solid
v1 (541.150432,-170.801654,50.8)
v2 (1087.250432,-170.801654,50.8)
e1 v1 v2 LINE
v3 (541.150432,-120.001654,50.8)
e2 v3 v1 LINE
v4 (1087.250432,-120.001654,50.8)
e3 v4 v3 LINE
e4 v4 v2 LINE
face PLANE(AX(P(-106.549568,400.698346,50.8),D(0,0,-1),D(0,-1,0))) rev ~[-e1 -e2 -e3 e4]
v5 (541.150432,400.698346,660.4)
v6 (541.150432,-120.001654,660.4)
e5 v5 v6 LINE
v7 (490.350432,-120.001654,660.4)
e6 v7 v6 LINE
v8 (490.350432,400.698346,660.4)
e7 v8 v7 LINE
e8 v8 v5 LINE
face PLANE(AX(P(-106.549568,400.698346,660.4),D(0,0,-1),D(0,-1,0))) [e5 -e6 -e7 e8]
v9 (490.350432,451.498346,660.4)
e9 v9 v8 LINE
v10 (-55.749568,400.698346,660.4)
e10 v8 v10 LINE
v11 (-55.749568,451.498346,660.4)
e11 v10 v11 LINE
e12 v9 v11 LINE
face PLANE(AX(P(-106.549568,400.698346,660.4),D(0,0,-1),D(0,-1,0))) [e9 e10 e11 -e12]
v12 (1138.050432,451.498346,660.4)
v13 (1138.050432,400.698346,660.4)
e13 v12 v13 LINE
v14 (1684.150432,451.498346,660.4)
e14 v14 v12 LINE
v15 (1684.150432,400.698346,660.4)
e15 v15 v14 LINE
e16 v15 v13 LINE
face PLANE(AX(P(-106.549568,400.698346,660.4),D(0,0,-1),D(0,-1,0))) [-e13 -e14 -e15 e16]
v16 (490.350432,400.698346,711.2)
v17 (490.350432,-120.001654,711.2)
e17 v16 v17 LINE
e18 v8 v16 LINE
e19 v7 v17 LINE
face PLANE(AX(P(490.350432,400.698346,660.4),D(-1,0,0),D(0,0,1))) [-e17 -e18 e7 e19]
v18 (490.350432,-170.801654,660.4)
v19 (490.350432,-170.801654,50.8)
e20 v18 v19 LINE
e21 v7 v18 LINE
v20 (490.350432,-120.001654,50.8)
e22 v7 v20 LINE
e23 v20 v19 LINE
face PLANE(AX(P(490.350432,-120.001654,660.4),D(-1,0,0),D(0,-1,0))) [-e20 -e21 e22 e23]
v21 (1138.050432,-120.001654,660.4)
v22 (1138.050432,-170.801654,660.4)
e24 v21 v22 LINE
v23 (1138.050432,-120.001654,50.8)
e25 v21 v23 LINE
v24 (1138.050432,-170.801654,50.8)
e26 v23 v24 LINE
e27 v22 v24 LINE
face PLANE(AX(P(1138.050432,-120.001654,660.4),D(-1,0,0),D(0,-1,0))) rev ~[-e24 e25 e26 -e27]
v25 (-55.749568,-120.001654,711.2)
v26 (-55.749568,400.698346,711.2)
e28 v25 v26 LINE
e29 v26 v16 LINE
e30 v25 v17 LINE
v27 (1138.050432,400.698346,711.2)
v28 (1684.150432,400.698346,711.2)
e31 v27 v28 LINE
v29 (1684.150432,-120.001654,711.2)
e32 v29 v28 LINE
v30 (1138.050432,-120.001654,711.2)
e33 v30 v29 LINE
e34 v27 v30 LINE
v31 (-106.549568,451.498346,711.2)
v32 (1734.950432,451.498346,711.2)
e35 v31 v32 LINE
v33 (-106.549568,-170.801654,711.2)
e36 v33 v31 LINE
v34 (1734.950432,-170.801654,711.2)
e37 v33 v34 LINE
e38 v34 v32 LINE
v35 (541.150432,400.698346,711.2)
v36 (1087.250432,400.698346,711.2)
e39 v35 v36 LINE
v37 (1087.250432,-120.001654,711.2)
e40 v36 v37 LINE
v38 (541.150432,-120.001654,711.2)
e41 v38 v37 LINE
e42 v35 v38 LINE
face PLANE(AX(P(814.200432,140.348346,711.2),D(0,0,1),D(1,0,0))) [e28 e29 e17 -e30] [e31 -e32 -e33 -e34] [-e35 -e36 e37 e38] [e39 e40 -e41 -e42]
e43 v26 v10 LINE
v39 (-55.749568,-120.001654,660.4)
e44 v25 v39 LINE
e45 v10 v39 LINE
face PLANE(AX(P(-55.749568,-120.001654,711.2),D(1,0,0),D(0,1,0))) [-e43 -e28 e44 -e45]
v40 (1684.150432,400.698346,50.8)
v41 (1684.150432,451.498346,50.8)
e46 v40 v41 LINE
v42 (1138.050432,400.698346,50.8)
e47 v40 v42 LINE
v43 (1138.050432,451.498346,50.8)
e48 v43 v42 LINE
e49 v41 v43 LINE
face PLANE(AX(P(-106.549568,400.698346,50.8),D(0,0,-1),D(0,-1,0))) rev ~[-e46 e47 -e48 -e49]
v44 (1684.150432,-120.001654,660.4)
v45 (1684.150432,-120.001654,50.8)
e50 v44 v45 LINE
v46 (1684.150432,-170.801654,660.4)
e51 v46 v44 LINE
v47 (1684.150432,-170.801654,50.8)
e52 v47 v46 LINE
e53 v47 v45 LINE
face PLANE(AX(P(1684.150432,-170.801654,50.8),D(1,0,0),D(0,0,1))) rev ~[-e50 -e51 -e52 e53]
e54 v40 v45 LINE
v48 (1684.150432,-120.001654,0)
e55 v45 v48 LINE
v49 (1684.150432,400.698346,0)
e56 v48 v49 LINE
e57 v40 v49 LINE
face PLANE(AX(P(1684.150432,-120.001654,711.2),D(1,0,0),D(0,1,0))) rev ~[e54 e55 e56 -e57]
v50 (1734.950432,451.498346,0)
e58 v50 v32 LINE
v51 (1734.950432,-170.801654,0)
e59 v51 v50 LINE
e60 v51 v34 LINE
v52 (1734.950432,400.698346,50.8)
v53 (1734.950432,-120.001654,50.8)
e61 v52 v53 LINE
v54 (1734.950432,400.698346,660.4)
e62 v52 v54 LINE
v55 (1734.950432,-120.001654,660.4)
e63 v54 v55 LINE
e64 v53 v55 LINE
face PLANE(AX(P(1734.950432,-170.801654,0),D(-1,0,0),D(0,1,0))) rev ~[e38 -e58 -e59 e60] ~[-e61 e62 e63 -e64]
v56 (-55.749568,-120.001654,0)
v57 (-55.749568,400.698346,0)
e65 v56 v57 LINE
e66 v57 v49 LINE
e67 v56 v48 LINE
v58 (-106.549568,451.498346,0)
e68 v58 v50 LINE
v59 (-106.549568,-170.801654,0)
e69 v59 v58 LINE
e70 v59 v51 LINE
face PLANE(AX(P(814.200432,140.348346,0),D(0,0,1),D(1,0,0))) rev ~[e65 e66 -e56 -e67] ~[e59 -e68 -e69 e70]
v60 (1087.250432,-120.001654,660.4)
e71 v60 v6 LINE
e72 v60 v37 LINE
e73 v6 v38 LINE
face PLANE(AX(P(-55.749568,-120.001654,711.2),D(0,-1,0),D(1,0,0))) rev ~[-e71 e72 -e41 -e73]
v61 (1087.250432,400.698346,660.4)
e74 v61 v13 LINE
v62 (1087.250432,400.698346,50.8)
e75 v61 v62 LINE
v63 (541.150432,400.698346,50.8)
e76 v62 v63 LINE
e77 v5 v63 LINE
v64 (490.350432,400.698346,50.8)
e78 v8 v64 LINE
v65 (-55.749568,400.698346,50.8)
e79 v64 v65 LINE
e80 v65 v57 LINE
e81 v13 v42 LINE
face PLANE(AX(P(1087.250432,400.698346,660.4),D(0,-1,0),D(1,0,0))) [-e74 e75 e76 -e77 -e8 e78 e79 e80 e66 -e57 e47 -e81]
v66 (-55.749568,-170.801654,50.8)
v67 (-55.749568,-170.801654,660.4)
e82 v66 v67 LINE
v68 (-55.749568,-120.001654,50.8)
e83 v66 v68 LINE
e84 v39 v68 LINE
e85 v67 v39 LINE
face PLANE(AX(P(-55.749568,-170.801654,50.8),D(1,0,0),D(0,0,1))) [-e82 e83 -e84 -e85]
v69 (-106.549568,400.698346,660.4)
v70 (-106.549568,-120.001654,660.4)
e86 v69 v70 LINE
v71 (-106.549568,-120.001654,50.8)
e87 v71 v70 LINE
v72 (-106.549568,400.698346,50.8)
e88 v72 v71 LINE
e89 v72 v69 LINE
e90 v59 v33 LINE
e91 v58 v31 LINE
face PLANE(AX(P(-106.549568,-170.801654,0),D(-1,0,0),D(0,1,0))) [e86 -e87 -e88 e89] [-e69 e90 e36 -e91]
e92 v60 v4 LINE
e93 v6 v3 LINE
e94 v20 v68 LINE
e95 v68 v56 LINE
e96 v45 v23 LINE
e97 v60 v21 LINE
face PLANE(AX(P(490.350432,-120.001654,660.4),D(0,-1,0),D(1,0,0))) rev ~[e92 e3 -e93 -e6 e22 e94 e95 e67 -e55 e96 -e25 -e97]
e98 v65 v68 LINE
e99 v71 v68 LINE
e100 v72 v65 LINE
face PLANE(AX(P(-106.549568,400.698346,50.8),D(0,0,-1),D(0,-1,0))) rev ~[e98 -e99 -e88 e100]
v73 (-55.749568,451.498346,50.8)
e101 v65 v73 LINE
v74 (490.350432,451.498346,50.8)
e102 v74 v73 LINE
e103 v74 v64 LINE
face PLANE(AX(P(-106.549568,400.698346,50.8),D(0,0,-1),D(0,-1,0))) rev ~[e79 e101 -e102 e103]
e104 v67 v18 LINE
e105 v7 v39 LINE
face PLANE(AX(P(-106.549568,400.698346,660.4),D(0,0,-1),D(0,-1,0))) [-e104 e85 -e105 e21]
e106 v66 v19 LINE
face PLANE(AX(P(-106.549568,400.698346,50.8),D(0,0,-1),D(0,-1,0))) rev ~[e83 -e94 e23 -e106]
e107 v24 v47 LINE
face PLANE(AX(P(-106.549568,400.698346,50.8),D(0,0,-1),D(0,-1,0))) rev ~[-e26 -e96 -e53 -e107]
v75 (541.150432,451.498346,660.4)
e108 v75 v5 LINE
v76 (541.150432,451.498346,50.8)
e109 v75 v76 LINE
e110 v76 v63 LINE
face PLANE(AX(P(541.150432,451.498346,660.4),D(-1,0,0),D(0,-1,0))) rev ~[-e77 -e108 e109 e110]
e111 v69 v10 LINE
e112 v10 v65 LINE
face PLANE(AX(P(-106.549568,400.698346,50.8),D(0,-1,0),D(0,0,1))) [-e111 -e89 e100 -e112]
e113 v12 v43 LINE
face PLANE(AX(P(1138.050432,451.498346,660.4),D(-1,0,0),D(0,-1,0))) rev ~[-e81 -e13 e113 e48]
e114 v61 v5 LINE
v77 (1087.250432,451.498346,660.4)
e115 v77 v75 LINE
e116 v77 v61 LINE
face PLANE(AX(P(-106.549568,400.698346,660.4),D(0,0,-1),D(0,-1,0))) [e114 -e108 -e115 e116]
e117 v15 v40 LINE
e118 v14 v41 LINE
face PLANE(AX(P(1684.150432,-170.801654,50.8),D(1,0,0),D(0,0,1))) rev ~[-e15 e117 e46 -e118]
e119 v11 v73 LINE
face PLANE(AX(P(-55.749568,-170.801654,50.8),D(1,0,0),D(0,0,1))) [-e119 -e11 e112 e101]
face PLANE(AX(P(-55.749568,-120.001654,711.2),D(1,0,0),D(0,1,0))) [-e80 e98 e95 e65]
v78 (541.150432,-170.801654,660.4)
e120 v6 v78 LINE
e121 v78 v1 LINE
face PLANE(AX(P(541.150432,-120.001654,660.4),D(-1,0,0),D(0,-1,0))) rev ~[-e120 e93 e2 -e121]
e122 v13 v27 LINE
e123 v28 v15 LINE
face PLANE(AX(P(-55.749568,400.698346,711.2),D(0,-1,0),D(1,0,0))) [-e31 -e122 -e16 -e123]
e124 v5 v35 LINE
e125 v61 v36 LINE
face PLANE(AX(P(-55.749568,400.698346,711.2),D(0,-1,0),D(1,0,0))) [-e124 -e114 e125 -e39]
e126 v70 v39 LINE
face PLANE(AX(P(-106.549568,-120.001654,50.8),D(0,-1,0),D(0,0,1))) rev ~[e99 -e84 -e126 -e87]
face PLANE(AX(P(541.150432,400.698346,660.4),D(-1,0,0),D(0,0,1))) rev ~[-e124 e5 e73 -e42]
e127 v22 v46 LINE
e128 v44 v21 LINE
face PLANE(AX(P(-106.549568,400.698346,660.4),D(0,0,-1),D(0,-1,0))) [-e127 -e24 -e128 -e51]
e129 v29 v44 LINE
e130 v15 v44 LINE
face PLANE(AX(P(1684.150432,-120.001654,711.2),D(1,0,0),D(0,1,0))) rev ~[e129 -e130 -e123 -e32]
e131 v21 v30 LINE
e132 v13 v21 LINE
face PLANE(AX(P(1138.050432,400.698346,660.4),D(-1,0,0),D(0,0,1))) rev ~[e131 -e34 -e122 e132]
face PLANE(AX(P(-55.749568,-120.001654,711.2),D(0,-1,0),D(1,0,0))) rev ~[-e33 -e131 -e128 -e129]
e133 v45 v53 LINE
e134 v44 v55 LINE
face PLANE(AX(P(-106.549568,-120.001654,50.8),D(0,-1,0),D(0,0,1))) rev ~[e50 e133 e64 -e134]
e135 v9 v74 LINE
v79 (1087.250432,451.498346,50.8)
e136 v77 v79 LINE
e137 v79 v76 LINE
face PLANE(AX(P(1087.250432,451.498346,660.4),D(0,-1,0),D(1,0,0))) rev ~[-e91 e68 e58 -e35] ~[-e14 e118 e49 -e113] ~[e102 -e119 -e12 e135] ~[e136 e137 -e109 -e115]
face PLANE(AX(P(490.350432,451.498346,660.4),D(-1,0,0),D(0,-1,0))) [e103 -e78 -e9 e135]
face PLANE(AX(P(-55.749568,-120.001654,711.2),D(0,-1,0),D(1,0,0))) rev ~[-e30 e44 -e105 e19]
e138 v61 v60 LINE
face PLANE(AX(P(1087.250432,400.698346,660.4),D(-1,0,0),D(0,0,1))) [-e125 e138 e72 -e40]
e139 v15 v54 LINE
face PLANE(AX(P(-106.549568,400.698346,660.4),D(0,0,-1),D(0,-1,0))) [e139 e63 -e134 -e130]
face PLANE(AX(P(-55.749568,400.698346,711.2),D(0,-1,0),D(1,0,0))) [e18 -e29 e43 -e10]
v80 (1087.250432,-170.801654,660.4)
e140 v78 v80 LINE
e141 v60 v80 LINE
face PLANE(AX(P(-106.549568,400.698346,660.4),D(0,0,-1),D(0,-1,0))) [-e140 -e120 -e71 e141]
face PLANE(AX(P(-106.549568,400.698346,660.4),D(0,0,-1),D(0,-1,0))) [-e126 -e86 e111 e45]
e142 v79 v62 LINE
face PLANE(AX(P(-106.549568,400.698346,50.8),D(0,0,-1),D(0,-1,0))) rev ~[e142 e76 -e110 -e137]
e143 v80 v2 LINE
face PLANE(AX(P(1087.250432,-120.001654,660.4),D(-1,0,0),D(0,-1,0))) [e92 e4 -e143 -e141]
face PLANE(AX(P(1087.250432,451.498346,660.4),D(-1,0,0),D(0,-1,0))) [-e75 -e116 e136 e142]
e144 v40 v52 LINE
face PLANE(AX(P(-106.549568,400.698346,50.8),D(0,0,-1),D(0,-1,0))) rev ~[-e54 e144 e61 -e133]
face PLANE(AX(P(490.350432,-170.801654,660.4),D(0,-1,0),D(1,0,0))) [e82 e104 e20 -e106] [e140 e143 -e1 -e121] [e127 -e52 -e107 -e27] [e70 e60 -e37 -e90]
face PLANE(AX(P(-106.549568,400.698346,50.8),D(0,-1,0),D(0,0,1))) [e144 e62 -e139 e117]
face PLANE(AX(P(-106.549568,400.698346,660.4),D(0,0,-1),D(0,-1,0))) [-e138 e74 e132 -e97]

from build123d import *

# Parameters (mm, degrees)
F0_W      = 1841.5
F0_H      = 622.3
F1_DEPTH  = 711.2
F2_W      = 1739.9
F2_H      = 609.6
F3_DEPTH  = 762
F4_W      = 520.7
F4_H      = 609.6
F5_DEPTH  = 2540
F6_W      = 1739.9
F6_H      = 520.7
F7_DEPTH  = 2540
F8_W      = 50.8
F8_H      = 50.8
F9_DEPTH  = 520.7
F10_W     = 50.8
F10_H     = 50.8
F11_DEPTH = 609.6
F12_W     = 50.8
F12_H     = 50.8
F13_DEPTH = 609.6


with BuildPart() as f1:
    # F0 (on Top) → F1 (new body)
    with BuildSketch(Plane.XY):
        with Locations((814.200432, 140.348346)):
            Rectangle(F0_W, F0_H)
    extrude(amount=F1_DEPTH)

    # F2 (on face) → F3 (cut)
    with BuildSketch(Plane.XZ.offset(170.801654)):
        with Locations((814.200432, 355.6)):
            Rectangle(F2_W, F2_H)
    extrude(amount=-F3_DEPTH, mode=Mode.SUBTRACT)

    # F4 (on face) → F5 (cut)
    with BuildSketch(Plane(origin=(-106.549568, 0, 0), x_dir=(0, -1, 0), z_dir=(-1, 0, 0))):
        with Locations((-140.348346, 355.6)):
            Rectangle(F4_W, F4_H)
    extrude(amount=-F5_DEPTH, mode=Mode.SUBTRACT)

    # F6 (on face) → F7 (cut)
    with BuildSketch(Plane.XY.offset(711.2)):
        with Locations((814.200432, 140.348346)):
            Rectangle(F6_W, F6_H)
    extrude(amount=-F7_DEPTH, mode=Mode.SUBTRACT)

    # F8 (on face) → F9 (join)
    with BuildSketch(Plane.XZ.offset(-400.698346)):
        with Locations((515.750432, 685.8)):
            Rectangle(F8_W, F8_H)
        with Locations((1112.650432, 685.8)):
            Rectangle(F8_W, F8_H)
    extrude(amount=F9_DEPTH)

    # F10 (on face) → F11 (join)
    with BuildSketch(Plane(origin=(0, 0, 660.4), x_dir=(1, 0, 0), z_dir=(0, 0, -1))):
        with Locations((1112.650432, -426.098346)):
            Rectangle(F10_W, F10_H)
        with Locations((515.750432, -426.098346)):
            Rectangle(F10_W, F10_H)
    extrude(amount=F11_DEPTH)

    # F12 (on face) → F13 (join)
    with BuildSketch(Plane(origin=(0, 0, 660.4), x_dir=(1, 0, 0), z_dir=(0, 0, -1))):
        with Locations((515.750432, 145.401654)):
            Rectangle(F12_W, F12_H)
        with Locations((1112.650432, 145.401654)):
            Rectangle(F12_W, F12_H)
    extrude(amount=F13_DEPTH)


solid = f1.part
